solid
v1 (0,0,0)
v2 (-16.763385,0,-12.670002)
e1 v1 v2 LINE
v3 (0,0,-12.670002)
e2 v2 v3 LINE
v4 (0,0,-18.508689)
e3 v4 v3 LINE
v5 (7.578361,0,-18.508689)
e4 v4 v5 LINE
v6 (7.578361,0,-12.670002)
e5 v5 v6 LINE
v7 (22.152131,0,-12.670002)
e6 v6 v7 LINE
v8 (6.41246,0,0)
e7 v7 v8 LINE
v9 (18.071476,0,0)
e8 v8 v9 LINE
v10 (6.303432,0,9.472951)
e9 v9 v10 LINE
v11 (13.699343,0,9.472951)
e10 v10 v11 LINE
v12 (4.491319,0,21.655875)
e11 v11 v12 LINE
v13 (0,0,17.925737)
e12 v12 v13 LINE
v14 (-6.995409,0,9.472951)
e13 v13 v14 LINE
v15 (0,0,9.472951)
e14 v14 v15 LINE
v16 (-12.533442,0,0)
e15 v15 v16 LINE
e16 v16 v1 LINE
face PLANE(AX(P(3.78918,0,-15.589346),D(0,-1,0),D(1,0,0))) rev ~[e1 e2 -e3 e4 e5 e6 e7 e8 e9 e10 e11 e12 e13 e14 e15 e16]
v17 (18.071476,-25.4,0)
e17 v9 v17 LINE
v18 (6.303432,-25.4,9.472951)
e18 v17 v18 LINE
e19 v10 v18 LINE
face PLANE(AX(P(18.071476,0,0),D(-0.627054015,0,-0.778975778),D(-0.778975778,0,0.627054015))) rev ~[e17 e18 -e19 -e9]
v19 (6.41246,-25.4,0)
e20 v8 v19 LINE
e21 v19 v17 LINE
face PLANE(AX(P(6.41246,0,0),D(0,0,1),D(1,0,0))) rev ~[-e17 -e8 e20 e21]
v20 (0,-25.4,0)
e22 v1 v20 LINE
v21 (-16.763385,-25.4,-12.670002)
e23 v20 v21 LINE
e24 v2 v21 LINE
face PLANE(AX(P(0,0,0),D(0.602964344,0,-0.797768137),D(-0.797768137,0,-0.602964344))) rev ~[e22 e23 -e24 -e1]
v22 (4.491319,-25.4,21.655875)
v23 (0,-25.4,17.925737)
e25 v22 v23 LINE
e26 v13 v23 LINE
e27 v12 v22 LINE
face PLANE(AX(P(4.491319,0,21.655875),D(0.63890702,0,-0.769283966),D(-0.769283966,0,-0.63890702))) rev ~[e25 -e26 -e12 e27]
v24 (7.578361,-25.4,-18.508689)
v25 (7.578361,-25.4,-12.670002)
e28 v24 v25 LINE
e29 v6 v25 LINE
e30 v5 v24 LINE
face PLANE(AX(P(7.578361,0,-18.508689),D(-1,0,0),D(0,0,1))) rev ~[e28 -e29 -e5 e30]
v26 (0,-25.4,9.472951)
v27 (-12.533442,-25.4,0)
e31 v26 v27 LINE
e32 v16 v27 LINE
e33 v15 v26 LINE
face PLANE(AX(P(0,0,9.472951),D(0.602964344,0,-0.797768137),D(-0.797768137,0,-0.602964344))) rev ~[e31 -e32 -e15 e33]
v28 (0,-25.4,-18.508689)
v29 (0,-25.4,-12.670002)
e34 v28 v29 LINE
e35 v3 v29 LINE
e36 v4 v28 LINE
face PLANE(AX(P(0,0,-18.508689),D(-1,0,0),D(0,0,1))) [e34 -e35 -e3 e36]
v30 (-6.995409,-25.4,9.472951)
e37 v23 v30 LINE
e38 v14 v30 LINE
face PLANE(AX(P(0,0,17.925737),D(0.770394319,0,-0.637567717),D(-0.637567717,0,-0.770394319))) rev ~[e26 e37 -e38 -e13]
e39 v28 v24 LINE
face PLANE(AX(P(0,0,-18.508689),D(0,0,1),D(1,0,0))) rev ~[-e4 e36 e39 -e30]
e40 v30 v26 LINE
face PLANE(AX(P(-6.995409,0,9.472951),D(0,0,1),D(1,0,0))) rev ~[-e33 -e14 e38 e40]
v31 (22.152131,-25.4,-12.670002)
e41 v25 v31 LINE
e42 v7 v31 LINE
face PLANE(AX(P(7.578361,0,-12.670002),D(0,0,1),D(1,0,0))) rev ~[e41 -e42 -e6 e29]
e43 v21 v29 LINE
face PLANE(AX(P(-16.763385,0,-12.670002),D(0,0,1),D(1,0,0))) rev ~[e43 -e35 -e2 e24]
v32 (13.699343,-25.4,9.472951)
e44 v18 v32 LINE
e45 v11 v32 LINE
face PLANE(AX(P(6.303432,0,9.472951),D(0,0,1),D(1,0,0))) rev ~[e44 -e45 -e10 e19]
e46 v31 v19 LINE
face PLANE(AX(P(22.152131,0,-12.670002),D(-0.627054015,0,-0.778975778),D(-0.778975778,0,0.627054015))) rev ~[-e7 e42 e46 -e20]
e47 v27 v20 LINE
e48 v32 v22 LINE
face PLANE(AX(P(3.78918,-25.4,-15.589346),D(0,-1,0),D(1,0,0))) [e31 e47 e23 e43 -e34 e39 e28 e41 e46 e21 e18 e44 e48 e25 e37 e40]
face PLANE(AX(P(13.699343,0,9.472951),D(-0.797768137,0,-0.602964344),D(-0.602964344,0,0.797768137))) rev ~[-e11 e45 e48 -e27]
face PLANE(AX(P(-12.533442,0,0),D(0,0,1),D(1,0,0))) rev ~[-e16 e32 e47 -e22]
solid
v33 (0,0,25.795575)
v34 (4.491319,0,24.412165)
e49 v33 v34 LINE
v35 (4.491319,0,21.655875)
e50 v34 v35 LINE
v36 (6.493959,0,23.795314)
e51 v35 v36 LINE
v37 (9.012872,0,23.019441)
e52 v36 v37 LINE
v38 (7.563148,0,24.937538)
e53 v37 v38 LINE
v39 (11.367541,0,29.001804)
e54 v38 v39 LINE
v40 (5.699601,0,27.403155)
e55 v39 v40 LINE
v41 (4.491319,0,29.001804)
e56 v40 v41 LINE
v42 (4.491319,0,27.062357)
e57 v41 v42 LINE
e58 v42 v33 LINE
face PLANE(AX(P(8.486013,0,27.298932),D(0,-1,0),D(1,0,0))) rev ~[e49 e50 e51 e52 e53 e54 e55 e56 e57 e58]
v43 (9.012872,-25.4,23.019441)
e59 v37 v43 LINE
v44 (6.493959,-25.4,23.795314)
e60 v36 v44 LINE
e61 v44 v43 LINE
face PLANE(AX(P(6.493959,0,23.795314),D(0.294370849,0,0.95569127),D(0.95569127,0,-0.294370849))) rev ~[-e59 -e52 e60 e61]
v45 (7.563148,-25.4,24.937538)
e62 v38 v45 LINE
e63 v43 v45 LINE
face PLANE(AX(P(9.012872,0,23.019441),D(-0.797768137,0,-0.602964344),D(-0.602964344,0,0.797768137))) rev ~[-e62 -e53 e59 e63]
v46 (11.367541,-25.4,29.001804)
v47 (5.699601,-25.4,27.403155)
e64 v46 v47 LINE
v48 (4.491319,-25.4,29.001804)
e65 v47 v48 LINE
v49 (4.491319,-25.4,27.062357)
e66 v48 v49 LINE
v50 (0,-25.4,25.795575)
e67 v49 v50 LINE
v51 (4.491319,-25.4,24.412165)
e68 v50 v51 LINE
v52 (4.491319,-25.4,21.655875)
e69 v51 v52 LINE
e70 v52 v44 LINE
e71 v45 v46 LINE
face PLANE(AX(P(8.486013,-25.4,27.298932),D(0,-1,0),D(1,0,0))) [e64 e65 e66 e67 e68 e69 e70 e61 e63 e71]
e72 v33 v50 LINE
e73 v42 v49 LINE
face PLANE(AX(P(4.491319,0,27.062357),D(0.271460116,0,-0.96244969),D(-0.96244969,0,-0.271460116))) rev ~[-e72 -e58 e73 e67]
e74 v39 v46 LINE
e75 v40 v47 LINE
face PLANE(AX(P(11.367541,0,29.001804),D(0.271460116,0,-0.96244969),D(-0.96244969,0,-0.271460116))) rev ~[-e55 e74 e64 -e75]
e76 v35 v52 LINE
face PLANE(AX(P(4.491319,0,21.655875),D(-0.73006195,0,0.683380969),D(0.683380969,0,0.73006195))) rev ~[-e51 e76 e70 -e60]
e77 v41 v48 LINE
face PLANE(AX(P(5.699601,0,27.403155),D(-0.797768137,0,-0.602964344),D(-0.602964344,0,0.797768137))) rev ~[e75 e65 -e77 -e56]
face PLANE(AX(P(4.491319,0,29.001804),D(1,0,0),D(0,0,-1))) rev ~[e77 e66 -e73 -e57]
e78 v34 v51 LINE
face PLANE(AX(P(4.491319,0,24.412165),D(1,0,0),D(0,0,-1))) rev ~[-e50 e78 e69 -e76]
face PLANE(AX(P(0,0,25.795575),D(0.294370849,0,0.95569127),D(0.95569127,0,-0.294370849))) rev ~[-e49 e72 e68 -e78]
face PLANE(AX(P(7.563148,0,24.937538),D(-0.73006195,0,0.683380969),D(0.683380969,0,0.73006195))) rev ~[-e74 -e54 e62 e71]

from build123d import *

# Parameters (mm, degrees)
F0_W     = 7.5783608481
F0_H     = 5.838687748
F1_DEPTH = 25.4


with BuildPart() as f1:
    # F0 (on Front) → F1 (new body)
    with BuildSketch(Plane.XZ):
        with Locations((3.7891804241, -15.5893456041)):
            Rectangle(F0_W, F0_H)
        Polygon((4.4913187886, 21.6558751002), (0, 17.9257374257), (-6.9954092614, 9.472951293), (0, 9.472951293), (-12.5334421173, 0), (0, 0), (-16.7633853905, -12.6700017301), (0, -12.6700017301), (7.5783608481, -12.6700017301), (22.1521314234, -12.6700017301), (6.4124595374, 0), (18.0714763701, 0), (6.3034317936, 9.472951293), (13.699343428, 9.472951293), align=None)
    extrude(amount=F1_DEPTH)


with BuildPart() as f1b:
    # F0 (on Front) → F1, piece 2 (new body)
    with BuildSketch(Plane.XZ):
        Polygon((5.69960051, 27.403154551), (7.5631482522, 24.9375377609), (11.3675408065, 29.0018040687), align=None)
        Polygon((7.5631482522, 24.9375377609), (6.4939594152, 23.7953138435), (9.0128724037, 23.0194413645), align=None)
        Polygon((4.4913187886, 27.0623572084), (4.4913187886, 24.4121647449), (6.4939594152, 23.7953138435), (7.5631482522, 24.9375377609), (5.69960051, 27.403154551), align=None)
        Polygon((4.4913187886, 24.4121647449), (4.4913187886, 21.6558751002), (6.4939594152, 23.7953138435), align=None)
        Polygon((0, 25.7955752313), (4.4913187886, 24.4121647449), (4.4913187886, 27.0623572084), align=None)
        Polygon((4.4913187886, 29.0018040687), (4.4913187886, 27.0623572084), (5.69960051, 27.403154551), align=None)
    extrude(amount=F1_DEPTH)


solid = Compound([f1.part, f1b.part])
